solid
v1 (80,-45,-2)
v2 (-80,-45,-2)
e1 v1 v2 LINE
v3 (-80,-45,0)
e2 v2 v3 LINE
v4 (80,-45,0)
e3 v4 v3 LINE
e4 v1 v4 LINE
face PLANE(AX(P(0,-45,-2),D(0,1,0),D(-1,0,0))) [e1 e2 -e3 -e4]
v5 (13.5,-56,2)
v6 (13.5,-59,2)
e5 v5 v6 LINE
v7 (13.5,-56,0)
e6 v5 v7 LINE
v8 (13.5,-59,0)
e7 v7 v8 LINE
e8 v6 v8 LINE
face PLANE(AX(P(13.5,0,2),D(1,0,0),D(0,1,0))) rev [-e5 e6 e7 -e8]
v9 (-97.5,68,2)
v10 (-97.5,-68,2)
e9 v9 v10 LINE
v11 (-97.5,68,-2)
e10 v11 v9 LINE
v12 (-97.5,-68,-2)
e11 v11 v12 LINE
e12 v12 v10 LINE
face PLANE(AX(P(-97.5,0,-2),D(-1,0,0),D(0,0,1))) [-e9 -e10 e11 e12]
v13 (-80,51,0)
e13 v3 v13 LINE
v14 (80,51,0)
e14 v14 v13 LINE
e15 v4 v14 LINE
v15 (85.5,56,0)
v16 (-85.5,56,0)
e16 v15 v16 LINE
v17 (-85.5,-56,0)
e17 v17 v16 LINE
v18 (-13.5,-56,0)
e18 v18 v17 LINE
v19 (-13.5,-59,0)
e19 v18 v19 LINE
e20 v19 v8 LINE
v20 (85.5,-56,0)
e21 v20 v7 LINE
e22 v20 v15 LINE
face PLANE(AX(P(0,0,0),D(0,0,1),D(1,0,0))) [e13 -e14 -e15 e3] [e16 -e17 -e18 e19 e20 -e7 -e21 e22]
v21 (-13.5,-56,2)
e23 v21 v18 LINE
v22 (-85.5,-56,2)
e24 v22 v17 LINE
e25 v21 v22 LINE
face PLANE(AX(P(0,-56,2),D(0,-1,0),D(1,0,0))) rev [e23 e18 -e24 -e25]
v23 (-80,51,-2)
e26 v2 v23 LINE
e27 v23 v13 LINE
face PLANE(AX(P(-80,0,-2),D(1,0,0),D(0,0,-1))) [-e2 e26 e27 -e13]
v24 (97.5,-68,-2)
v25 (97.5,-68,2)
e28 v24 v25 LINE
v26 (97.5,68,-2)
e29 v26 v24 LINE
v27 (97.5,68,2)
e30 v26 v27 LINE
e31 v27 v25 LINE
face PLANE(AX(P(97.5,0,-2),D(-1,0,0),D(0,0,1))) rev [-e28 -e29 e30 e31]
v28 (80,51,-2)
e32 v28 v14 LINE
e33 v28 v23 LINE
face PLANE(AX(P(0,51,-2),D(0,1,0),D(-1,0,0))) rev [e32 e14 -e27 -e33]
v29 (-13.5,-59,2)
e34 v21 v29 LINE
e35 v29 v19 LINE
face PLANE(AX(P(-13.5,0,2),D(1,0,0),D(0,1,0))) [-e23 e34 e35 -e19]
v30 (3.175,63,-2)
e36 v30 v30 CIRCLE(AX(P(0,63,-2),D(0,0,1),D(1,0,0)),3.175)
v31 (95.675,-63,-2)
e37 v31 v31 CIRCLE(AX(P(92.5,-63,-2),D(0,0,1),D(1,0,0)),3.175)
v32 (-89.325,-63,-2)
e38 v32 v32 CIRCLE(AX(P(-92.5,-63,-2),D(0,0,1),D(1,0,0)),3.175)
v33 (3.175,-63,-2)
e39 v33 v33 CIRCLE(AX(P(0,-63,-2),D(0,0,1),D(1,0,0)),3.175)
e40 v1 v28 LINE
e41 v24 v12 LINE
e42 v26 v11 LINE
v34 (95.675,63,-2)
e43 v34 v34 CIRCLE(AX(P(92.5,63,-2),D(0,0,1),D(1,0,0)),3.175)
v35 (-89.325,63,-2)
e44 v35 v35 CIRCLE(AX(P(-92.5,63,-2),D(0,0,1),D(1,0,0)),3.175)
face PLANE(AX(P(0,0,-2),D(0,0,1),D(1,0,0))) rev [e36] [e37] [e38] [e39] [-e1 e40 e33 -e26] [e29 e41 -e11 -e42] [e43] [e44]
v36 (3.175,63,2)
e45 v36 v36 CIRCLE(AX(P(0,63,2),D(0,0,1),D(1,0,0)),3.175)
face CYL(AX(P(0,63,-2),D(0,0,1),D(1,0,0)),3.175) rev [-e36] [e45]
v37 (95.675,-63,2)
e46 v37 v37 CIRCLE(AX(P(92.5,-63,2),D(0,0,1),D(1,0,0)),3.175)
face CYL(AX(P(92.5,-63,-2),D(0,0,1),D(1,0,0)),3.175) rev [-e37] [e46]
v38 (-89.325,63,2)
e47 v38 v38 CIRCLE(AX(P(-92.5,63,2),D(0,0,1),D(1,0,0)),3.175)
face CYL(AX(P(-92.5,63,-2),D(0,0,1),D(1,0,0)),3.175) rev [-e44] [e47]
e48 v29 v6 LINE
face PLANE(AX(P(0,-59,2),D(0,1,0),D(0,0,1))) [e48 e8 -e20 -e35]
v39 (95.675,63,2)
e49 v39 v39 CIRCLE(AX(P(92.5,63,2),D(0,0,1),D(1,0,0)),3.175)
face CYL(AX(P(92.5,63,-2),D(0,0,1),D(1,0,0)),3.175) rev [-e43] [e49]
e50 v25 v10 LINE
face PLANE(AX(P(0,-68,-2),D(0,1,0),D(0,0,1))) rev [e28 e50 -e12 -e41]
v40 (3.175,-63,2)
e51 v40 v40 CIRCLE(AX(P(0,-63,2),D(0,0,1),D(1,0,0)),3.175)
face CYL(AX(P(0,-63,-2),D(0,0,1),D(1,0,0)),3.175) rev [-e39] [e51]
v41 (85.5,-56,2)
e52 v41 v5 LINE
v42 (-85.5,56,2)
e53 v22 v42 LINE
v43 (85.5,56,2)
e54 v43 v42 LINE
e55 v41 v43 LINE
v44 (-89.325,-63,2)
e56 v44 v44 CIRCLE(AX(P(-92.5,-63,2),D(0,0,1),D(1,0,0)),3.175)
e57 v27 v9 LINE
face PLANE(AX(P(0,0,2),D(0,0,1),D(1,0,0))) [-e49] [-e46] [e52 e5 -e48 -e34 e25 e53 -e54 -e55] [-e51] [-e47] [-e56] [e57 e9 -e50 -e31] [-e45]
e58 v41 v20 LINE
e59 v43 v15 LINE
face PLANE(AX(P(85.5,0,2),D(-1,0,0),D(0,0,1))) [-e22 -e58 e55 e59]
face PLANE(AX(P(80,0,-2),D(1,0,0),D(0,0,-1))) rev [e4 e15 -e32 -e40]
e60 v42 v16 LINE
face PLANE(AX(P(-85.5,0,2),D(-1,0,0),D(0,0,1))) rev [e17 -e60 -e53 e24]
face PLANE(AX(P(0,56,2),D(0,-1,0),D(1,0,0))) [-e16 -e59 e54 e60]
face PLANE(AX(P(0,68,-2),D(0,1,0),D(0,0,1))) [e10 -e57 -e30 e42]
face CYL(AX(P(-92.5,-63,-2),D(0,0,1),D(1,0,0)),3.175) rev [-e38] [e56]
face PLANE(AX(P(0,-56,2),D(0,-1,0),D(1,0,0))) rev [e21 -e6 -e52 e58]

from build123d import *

# Parameters (mm, degrees)
SKETCH1_W           = 195
SKETCH1_H           = 136
SKETCH1_W_2         = 160
SKETCH1_H_2         = 96
BOSS_EXTRUDE1_DEPTH = 2
SKETCH1_3_W         = 195
SKETCH1_3_H         = 136
BOSS_EXTRUDE2_DEPTH = 2
SKETCH2_R           = 3.175
CUT_EXTRUDE1_DEPTH  = 119.938009064


with BuildPart() as part:
    # Sketch1 → Boss-Extrude1 (new body)
    with BuildSketch(Plane.XY):
        Rectangle(SKETCH1_W, SKETCH1_H)
        with Locations((0, 3)):
            Rectangle(SKETCH1_W_2, SKETCH1_H_2, mode=Mode.SUBTRACT)
    extrude(amount=-BOSS_EXTRUDE1_DEPTH)

    # Sketch1<3> → Boss-Extrude2 (add)
    with BuildSketch(Plane.XY):
        Rectangle(SKETCH1_3_W, SKETCH1_3_H)
        Polygon((85.5, 56), (85.5, -56), (13.5, -56), (13.5, -59), (-13.5, -59), (-13.5, -56), (-85.5, -56), (-85.5, 56), align=None, mode=Mode.SUBTRACT)
    extrude(amount=BOSS_EXTRUDE2_DEPTH)

    # Sketch2 → Cut-Extrude1 (cut, through all)
    with BuildSketch(Plane.XY.offset(2)):
        with Locations((-92.5, 63)):
            Circle(SKETCH2_R)
        with Locations((0, 63)):
            Circle(SKETCH2_R)
        with Locations((92.5, 63)):
            Circle(SKETCH2_R)
        with Locations((92.5, -63)):
            Circle(SKETCH2_R)
        with Locations((0, -63)):
            Circle(SKETCH2_R)
        with Locations((-92.5, -63)):
            Circle(SKETCH2_R)
    extrude(amount=-CUT_EXTRUDE1_DEPTH, mode=Mode.SUBTRACT)


solid = part.part
